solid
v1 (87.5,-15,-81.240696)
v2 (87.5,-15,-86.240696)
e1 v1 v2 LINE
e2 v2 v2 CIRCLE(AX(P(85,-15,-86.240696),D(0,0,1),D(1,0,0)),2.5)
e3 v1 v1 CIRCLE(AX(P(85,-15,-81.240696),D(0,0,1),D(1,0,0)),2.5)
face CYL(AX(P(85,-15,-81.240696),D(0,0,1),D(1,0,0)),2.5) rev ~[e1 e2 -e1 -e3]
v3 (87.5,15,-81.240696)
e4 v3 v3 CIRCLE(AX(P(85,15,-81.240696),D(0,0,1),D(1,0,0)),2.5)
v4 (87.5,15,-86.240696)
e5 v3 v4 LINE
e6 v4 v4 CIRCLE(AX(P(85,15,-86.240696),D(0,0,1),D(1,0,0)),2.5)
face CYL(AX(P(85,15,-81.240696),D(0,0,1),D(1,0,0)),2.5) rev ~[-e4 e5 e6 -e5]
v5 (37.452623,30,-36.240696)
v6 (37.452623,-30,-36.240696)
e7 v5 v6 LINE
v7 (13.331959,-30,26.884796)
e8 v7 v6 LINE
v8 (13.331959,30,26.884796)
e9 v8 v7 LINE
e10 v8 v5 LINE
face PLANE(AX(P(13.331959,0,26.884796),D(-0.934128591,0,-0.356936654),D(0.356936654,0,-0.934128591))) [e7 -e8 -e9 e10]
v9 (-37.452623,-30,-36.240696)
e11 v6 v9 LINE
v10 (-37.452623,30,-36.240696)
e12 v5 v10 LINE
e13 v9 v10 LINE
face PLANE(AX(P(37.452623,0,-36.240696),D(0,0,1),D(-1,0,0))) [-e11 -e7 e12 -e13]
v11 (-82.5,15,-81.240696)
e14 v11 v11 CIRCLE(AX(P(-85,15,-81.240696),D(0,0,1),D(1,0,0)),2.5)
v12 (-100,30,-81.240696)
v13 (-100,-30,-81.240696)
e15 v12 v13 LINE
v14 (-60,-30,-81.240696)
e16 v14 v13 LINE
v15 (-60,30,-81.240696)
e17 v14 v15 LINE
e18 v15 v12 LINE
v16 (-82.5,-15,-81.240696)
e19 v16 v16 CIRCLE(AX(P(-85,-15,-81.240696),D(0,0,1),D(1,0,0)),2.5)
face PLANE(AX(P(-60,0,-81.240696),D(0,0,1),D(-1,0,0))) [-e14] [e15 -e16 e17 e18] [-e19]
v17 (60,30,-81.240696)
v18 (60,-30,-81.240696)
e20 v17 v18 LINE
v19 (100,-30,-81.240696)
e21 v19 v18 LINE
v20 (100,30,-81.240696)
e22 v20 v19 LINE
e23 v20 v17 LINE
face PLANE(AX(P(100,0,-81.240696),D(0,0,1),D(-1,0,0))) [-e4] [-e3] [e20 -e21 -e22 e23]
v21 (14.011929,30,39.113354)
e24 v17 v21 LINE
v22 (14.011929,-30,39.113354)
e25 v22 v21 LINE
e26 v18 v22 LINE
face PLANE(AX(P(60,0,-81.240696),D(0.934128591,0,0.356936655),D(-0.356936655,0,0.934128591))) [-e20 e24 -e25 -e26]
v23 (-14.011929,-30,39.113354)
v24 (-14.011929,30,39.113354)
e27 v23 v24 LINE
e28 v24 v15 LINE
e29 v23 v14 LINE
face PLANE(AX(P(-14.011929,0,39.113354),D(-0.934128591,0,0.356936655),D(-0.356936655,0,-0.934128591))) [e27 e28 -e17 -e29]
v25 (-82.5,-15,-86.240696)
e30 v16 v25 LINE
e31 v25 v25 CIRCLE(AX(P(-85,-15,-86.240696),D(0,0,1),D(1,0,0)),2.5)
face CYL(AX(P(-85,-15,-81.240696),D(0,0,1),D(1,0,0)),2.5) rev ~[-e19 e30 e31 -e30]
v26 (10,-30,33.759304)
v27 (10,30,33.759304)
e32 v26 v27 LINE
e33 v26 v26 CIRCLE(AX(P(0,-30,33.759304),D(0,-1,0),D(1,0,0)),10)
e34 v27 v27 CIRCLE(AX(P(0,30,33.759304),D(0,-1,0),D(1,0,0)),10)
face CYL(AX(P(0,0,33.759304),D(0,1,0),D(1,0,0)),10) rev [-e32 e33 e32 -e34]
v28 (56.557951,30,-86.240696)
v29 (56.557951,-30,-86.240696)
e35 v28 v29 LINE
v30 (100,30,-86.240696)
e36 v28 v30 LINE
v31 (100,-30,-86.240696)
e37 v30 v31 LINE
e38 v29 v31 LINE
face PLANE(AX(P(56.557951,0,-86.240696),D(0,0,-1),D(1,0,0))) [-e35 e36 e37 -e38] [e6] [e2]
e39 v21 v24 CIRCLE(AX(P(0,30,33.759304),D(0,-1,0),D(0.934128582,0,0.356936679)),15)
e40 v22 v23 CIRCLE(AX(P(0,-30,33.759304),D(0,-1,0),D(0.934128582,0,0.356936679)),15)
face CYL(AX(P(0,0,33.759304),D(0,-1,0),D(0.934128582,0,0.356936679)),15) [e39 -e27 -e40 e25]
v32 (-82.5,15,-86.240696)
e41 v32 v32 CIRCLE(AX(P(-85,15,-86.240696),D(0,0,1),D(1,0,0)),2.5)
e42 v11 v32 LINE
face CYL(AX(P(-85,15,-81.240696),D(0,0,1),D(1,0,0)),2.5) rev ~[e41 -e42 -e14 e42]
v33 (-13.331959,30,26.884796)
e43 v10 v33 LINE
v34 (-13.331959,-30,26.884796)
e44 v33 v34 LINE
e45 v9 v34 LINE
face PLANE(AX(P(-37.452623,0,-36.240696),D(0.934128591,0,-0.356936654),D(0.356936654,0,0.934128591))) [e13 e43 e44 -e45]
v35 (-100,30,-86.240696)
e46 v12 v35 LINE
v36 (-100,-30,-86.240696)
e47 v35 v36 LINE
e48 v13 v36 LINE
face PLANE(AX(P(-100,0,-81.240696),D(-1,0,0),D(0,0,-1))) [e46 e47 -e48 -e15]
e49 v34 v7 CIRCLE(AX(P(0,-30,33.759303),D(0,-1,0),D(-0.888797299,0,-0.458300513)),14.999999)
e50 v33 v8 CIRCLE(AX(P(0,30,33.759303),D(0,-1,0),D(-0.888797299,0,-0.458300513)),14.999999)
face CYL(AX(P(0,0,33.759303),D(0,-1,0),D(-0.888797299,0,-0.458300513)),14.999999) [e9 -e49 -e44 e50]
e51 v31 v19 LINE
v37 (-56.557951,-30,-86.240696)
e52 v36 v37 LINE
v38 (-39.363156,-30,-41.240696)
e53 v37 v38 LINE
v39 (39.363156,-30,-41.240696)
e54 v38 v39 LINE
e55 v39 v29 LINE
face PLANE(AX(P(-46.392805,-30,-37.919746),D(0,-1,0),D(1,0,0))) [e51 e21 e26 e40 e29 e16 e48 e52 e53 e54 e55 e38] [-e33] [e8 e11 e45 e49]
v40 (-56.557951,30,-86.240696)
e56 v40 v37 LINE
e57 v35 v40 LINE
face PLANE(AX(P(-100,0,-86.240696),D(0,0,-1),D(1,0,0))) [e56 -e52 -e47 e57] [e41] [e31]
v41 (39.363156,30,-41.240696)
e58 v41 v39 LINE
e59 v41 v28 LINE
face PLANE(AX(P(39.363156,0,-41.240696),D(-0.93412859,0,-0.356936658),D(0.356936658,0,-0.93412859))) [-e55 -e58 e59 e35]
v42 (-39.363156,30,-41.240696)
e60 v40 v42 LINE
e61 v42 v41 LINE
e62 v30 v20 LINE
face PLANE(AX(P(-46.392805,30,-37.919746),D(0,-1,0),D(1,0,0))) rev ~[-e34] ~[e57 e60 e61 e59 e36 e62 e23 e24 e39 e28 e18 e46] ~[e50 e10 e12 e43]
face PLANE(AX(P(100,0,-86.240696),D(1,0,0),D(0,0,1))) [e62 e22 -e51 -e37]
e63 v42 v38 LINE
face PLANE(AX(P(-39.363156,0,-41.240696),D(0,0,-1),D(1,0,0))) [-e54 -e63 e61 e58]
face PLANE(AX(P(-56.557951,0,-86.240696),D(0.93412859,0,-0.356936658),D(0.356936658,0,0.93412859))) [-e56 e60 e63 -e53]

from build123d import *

# Parameters (mm, degrees)
F0_R     = 10
F1_DEPTH = 30
F2_R     = 2.5
F3_DEPTH = 5.001


with BuildPart() as f1:
    # F0 (on Front) → F1 (new body, symmetric)
    with BuildSketch(Plane.XZ):
        with BuildLine():
            Line((-60, -81.240696), (-100, -81.240696))
            Line((-100, -81.240696), (-100, -86.240696))
            Line((-100, -86.240696), (-56.557951, -86.240696))
            Line((-56.557951, -86.240696), (-39.363156, -41.240696))
            Line((-39.363156, -41.240696), (-37.452623, -36.240696))
            Line((-37.452623, -36.240696), (-13.331959, 26.884796))
            ThreePointArc((-13.331959, 26.884796), (-14.976864, 32.926515), (-14.011929, 39.113354))
            Line((-14.011929, 39.113354), (-60, -81.240696))
        make_face()
        with BuildLine():
            Line((60, -81.240696), (14.011929, 39.113354))
            ThreePointArc((14.011929, 39.113354), (14.750914, 36.481534), (15, 33.759304))
            ThreePointArc((15, 33.759304), (14.577026, 30.222313), (13.331959, 26.884796))
            Line((13.331959, 26.884796), (37.452623, -36.240696))
            Line((37.452623, -36.240696), (39.363156, -41.240696))
            Line((39.363156, -41.240696), (56.557951, -86.240696))
            Line((56.557951, -86.240696), (100, -86.240696))
            Line((100, -86.240696), (100, -81.240696))
            Line((100, -81.240696), (60, -81.240696))
        make_face()
        with BuildLine():
            ThreePointArc((14.011929, 39.113354), (0, 48.759304), (-14.011929, 39.113354))
            ThreePointArc((-14.011929, 39.113354), (-14.976864, 32.926515), (-13.331959, 26.884796))
            ThreePointArc((-13.331959, 26.884796), (0, 18.759304), (13.331959, 26.884796))
            ThreePointArc((13.331959, 26.884796), (14.577026, 30.222313), (15, 33.759304))
            ThreePointArc((15, 33.759304), (14.750914, 36.481534), (14.011929, 39.113354))
        make_face()
        with Locations((0, 33.759304)):
            Circle(F0_R, mode=Mode.SUBTRACT)
        Polygon((-37.452623, -36.240696), (-39.363156, -41.240696), (39.363156, -41.240696), (37.452623, -36.240696), align=None)
    extrude(amount=F1_DEPTH, both=True)

    # F2 (on face) → F3 (cut, through all)
    with BuildSketch(Plane.XY.offset(-81.240696)):
        with Locations((-85, 15)):
            Circle(F2_R)
        with Locations((-85, -15)):
            Circle(F2_R)
        with Locations((85, -15)):
            Circle(F2_R)
        with Locations((85, 15)):
            Circle(F2_R)
    extrude(amount=-F3_DEPTH, mode=Mode.SUBTRACT)


solid = f1.part
